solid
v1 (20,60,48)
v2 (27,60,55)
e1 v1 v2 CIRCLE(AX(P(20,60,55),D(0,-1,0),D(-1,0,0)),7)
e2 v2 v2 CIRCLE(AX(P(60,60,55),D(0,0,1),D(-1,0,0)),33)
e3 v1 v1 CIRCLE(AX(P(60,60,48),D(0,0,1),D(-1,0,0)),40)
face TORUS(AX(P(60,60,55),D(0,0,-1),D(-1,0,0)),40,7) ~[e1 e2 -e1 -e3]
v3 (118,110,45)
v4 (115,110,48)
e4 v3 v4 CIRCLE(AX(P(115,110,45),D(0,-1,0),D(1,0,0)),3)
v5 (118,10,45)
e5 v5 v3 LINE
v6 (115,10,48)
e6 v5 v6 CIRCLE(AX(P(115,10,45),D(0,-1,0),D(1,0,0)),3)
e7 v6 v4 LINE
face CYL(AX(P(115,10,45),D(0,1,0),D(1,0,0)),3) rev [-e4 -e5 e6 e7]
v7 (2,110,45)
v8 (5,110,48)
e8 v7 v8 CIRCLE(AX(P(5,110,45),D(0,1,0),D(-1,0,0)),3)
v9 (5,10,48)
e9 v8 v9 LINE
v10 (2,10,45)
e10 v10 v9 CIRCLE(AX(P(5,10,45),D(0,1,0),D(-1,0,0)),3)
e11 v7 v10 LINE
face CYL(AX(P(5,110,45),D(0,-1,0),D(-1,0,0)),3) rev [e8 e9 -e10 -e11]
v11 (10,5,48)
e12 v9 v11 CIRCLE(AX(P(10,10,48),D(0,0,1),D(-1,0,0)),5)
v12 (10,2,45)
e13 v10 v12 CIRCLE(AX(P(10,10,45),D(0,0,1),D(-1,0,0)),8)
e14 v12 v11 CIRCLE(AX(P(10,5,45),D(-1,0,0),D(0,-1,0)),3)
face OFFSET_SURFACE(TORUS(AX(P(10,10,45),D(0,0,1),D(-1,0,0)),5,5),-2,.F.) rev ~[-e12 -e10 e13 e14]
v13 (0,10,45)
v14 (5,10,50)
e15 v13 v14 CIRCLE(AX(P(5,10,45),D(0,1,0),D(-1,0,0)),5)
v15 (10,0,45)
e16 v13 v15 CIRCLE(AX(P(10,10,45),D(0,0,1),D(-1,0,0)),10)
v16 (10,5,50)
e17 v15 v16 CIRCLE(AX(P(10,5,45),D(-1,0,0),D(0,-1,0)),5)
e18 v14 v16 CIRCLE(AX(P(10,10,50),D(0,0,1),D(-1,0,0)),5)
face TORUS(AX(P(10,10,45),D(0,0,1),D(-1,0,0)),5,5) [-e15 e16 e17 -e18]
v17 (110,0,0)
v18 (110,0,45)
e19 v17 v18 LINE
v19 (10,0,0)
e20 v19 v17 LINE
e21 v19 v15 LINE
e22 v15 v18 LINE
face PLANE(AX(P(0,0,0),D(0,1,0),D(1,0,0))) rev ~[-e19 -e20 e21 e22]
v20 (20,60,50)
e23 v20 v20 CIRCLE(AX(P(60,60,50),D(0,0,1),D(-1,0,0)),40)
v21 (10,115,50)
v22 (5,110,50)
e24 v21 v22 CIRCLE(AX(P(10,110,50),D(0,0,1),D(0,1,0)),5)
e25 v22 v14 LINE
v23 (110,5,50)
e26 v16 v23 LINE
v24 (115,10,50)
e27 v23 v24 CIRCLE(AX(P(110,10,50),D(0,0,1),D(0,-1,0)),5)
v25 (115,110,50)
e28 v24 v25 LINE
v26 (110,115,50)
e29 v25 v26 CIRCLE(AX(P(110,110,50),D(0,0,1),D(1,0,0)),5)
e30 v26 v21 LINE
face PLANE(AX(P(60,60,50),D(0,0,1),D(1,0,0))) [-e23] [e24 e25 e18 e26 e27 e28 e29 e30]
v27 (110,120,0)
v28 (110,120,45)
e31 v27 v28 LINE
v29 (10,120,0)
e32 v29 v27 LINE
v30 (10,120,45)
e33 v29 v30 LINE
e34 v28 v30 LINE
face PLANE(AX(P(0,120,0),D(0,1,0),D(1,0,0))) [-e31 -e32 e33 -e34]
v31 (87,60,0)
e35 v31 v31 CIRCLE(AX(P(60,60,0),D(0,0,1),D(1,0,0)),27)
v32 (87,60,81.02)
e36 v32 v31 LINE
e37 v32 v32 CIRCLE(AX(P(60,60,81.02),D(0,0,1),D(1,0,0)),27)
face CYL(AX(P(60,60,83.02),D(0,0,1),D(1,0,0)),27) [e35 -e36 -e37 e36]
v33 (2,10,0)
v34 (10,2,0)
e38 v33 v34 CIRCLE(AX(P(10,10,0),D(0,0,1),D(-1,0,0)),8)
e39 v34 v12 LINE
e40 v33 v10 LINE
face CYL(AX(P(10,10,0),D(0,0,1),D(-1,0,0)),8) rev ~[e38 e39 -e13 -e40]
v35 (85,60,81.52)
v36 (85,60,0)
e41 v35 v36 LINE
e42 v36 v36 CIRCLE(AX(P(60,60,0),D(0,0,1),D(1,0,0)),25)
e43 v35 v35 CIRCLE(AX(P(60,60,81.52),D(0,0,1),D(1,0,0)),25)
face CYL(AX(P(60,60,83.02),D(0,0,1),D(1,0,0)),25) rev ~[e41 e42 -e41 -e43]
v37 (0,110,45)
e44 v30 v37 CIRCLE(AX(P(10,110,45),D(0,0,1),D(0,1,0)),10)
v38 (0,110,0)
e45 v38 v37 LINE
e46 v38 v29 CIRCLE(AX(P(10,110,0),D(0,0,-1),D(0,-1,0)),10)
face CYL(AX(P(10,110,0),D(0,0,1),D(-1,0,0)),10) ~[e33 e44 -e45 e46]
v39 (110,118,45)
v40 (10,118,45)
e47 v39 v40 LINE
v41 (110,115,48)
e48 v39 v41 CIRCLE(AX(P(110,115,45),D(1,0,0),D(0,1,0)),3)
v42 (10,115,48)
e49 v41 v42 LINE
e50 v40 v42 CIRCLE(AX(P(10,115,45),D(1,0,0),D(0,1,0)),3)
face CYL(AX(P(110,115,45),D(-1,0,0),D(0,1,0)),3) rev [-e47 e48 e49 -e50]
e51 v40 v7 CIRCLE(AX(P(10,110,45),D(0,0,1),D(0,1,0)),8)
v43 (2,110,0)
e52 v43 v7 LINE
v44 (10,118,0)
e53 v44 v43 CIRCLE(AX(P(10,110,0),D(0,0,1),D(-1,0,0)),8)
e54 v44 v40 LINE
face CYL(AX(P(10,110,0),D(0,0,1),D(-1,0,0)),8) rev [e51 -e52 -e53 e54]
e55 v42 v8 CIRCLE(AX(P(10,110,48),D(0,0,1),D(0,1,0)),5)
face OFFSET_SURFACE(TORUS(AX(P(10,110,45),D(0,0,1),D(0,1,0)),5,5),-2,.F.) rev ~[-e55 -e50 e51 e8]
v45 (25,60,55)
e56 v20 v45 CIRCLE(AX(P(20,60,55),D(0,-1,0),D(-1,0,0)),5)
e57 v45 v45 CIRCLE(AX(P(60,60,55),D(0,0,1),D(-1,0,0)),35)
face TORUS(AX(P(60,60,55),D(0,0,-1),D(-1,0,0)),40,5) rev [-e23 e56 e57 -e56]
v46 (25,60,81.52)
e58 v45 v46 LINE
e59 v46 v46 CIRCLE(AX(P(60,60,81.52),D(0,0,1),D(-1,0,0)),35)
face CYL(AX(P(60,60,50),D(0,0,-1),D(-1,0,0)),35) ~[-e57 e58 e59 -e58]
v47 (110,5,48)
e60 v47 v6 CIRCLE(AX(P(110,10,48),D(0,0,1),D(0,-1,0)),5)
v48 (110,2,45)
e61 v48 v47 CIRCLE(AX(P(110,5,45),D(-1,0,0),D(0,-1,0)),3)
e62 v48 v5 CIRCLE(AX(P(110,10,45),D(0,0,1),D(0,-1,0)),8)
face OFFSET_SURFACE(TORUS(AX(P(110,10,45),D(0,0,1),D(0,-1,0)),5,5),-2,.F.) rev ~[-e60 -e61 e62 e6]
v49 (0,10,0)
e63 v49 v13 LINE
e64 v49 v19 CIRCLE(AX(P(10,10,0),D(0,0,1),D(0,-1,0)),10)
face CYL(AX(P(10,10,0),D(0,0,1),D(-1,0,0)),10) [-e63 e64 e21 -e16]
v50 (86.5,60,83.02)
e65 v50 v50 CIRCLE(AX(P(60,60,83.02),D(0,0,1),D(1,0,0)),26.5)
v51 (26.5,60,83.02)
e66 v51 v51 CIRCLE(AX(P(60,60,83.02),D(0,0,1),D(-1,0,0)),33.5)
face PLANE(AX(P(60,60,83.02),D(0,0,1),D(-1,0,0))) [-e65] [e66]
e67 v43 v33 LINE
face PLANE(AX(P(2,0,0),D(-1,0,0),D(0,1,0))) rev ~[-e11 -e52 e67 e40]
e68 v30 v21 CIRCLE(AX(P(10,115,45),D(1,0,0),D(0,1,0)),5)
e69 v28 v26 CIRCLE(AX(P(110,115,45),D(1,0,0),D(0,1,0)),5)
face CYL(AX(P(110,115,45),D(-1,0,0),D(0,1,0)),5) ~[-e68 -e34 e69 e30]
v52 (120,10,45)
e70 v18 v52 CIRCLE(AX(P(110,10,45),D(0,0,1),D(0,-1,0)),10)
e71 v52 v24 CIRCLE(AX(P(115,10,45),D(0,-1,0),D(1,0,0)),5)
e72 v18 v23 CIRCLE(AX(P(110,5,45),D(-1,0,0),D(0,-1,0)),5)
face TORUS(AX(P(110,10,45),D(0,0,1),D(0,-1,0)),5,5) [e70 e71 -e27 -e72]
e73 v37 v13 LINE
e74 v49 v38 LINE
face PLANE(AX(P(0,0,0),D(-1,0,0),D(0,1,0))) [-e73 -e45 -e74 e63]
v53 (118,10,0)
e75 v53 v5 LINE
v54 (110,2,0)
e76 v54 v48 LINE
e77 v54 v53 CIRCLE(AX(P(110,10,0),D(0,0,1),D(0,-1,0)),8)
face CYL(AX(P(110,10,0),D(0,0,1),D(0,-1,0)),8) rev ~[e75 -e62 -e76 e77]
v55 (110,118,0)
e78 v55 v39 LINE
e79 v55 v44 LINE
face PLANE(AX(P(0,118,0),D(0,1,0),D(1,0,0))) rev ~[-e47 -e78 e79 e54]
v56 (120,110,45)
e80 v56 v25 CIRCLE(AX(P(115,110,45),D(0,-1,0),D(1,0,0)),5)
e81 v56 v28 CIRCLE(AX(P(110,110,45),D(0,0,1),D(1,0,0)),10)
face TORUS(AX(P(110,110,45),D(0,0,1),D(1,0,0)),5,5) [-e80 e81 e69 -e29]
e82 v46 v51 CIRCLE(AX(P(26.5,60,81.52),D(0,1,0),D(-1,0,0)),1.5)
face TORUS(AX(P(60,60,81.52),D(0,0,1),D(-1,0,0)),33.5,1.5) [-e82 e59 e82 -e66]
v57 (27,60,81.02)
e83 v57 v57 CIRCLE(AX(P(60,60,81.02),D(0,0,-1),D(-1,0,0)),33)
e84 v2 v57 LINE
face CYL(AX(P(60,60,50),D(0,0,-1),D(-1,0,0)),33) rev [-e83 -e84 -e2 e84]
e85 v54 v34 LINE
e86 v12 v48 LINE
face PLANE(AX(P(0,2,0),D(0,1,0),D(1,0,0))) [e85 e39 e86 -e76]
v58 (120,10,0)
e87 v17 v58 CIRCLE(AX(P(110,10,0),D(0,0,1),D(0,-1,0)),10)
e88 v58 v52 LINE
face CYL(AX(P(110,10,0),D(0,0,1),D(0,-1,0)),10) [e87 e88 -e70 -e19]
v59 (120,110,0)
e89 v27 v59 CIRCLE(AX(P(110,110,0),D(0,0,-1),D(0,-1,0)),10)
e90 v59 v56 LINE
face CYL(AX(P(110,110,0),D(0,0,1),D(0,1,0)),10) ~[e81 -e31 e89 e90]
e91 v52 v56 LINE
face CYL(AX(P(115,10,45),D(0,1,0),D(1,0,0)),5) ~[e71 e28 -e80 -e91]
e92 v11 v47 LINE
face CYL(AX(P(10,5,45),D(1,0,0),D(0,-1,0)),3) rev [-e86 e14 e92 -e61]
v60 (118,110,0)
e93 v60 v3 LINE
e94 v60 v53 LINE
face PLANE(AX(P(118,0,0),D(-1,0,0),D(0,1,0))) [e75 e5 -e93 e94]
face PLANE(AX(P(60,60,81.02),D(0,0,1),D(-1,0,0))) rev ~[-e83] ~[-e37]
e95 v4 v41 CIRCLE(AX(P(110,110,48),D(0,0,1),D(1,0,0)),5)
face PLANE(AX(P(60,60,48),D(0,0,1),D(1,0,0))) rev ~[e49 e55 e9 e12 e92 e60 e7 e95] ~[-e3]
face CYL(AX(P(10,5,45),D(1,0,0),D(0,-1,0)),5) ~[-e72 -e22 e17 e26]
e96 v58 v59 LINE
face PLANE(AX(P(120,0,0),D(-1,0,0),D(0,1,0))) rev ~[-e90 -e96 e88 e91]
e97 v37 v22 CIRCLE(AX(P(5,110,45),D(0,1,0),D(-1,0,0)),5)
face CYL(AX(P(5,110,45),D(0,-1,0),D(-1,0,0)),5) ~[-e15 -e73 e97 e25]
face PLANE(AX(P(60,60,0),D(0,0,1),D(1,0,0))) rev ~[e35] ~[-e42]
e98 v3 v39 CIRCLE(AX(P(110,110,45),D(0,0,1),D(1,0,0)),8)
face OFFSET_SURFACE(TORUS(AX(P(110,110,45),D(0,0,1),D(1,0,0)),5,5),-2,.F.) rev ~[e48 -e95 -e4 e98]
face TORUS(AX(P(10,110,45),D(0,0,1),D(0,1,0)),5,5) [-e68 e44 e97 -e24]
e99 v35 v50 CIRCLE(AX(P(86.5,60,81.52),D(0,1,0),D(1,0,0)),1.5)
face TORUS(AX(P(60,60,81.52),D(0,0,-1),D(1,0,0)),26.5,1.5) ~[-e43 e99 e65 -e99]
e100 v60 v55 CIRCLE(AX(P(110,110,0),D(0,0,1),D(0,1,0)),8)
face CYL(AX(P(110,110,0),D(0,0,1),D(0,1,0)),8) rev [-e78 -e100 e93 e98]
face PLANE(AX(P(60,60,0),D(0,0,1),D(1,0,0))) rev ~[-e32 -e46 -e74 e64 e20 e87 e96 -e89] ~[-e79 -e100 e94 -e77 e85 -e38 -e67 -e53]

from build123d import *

# Parameters (mm, degrees)
SKETCH1_W           = 120
SKETCH1_H           = 120
BOSS_EXTRUDE1_DEPTH = 50
SKETCH2_R           = 35
BOSS_EXTRUDE2_DEPTH = 33.02
SKETCH3_R           = 25
CUT_EXTRUDE1_DEPTH  = 189.924112807
FILLET1_R           = 10
FILLET2_R           = 1.5
FILLET3_R           = 5
SHELL1_T            = -2


with BuildPart() as part:
    # Sketch1 → Boss-Extrude1 (new body)
    with BuildSketch(Plane.XY):
        with Locations((60, 60)):
            Rectangle(SKETCH1_W, SKETCH1_H)
    extrude(amount=BOSS_EXTRUDE1_DEPTH)

    # Sketch2 → Boss-Extrude2 (add)
    with BuildSketch(Plane.XY.offset(50)):
        with Locations(Location((60, 60, 0), (0, 0, 180))):
            Circle(SKETCH2_R)
    extrude(amount=BOSS_EXTRUDE2_DEPTH)

    # Sketch3 → Cut-Extrude1 (cut, through all)
    with BuildSketch(Plane.XY.offset(83.02)):
        with Locations((60, 60)):
            Circle(SKETCH3_R)
    extrude(amount=-CUT_EXTRUDE1_DEPTH, mode=Mode.SUBTRACT)

    # Fillet1
    fillet1_edges = [part.edges().sort_by_distance(p)[0] for p in [
        (0, 120, 25),
        (120, 120, 25),
        (120, 0, 25),
        (0, 0, 25),
    ]]
    fillet(fillet1_edges, radius=FILLET1_R)

    # Fillet2
    fillet2_edges = [part.edges().sort_by_distance(p)[0] for p in [
        (95, 60, 83.02),
        (35, 60, 83.02),
    ]]
    fillet(fillet2_edges, radius=FILLET2_R)

    # Fillet3
    fillet3_edges = [part.edges().sort_by_distance(p)[0] for p in [
        (95, 60, 50),
        (60, 0, 50),
        (0, 60, 50),
        (120, 60, 50),
        (60, 120, 50),
        (117.071067812, 2.928932188, 50),
        (117.071067812, 117.071067812, 50),
        (2.928932188, 117.071067812, 50),
        (2.928932188, 2.928932188, 50),
    ]]
    fillet(fillet3_edges, radius=FILLET3_R)

    # Shell1
    shell1_openings = [part.faces().sort_by_distance(p)[0] for p in [
        (60, 1.697056275, 0),
    ]]
    offset(amount=SHELL1_T, openings=shell1_openings, kind=Kind.INTERSECTION)


solid = part.part
